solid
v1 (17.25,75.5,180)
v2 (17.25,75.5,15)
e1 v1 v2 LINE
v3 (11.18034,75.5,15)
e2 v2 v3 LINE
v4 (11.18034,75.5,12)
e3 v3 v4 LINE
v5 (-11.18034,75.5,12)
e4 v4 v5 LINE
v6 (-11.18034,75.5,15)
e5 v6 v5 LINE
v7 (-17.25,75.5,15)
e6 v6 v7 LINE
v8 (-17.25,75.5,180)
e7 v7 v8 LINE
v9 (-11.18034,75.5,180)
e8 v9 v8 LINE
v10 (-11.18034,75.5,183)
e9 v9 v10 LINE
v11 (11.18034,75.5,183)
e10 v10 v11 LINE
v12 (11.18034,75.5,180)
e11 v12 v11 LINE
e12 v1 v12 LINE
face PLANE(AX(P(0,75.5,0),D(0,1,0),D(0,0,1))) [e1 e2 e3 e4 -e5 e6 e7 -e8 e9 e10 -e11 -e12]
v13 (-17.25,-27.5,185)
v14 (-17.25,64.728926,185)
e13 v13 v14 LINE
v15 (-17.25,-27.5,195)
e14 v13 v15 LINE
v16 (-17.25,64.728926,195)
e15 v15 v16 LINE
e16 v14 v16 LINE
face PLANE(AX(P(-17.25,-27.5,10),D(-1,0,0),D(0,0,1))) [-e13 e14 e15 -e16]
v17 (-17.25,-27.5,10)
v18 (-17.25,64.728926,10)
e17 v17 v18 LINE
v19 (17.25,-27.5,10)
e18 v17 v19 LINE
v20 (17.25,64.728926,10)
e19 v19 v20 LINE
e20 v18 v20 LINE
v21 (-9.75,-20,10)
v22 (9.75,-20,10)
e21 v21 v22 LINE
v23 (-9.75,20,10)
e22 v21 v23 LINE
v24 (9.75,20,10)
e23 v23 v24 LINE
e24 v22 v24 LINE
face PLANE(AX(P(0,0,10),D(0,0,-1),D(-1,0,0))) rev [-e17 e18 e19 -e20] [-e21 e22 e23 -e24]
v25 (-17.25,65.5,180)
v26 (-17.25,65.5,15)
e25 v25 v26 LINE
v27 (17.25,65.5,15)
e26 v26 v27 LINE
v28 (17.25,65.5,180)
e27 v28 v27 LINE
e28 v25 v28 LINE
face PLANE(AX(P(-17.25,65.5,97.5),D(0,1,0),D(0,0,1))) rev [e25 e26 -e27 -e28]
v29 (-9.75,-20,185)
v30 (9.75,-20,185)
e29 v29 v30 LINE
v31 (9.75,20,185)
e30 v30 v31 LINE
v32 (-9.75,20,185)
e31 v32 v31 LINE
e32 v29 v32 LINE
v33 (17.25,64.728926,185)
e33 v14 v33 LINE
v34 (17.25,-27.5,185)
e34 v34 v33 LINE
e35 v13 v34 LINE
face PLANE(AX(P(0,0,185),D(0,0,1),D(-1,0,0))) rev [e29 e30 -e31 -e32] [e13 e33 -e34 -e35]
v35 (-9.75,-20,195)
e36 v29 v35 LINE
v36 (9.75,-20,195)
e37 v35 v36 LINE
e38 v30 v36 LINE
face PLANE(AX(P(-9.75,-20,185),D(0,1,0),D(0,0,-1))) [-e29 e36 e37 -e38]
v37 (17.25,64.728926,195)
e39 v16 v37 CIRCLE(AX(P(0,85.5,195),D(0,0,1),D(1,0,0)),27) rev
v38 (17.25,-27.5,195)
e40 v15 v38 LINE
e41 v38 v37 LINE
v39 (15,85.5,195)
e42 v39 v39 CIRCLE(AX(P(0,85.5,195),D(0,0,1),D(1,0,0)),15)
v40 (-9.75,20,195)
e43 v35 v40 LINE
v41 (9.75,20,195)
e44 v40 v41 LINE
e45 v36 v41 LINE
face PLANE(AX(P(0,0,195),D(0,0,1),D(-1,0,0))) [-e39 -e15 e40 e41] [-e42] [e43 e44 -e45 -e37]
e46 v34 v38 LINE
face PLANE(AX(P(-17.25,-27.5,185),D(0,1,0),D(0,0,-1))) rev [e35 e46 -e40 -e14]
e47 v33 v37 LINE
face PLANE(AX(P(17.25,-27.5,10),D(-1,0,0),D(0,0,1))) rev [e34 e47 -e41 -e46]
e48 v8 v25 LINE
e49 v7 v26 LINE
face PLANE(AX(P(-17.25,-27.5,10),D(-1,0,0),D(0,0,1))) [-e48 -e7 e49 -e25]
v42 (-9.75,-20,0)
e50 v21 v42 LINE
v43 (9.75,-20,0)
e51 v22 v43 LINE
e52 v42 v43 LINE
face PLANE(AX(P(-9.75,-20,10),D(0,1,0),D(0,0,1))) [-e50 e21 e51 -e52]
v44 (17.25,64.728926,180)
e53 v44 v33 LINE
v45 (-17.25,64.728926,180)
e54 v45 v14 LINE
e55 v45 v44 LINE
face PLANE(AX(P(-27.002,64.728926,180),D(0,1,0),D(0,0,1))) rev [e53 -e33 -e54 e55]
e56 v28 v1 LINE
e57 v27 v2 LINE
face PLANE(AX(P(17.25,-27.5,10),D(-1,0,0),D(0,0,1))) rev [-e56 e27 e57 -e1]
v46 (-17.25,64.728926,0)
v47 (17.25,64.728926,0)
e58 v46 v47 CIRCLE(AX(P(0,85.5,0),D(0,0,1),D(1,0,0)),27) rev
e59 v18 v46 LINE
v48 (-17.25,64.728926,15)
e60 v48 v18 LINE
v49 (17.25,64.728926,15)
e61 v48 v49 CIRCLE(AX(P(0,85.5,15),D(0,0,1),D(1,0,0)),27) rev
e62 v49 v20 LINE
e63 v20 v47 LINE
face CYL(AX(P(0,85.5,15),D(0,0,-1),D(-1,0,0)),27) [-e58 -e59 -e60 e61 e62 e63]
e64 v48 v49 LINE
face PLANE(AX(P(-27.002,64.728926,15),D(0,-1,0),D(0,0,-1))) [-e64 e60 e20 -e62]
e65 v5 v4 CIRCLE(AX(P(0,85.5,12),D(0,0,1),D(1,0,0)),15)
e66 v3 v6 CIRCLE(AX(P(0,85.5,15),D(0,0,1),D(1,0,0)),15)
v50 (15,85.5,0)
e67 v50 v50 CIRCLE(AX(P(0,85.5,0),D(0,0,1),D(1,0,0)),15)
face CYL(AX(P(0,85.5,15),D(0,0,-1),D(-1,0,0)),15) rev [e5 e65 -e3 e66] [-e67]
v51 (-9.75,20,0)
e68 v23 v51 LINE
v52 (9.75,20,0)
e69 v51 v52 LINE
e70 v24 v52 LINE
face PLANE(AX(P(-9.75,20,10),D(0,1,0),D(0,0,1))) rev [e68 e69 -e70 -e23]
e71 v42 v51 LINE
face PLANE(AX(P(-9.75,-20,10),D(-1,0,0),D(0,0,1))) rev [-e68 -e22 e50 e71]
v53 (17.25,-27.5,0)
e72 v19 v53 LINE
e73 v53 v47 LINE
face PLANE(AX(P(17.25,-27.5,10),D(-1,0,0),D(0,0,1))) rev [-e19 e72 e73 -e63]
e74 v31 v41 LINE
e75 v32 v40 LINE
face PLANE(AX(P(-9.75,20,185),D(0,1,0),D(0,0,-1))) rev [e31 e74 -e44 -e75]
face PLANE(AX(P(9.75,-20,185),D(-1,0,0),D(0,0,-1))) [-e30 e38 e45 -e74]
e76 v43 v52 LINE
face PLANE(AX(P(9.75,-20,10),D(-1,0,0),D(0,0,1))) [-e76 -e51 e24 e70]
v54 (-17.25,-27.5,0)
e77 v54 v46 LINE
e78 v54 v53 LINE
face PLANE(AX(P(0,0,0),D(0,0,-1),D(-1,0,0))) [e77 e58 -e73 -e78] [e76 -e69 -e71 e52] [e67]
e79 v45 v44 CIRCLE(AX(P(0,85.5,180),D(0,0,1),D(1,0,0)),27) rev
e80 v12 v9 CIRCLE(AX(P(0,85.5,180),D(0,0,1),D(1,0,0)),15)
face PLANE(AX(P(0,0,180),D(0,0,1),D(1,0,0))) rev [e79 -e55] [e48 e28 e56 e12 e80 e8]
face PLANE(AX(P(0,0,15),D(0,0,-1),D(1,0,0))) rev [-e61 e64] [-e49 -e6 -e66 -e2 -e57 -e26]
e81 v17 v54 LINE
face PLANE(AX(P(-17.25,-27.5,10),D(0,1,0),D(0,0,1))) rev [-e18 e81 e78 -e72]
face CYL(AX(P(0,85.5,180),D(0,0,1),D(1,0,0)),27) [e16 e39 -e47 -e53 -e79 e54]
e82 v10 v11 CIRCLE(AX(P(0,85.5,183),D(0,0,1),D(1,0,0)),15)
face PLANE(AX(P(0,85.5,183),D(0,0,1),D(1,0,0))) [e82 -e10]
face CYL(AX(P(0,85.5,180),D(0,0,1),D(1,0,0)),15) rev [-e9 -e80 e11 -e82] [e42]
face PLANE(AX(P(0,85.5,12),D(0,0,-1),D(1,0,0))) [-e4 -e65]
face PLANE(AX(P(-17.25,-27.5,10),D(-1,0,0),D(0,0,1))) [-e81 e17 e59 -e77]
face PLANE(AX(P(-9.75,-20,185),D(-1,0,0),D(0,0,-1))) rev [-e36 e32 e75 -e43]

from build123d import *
from build123d.topology import SkipClean

# Parameters (mm, degrees)
ESQUISSE1_W             = 34.5
ESQUISSE1_H             = 55
ESQUISSE1_W_2           = 19.5
ESQUISSE1_H_2           = 40
BOSS_EXTRU_1_DEPTH      = 10
ESQUISSE6_W             = 34.5
ESQUISSE6_H             = 10
BOSS_EXTRU_2_DEPTH      = 48
ESQUISSE7_W             = 34.5
ESQUISSE7_H             = 10
BOSS_EXTRU_3_DEPTH      = 87.5
BOSS_EXTRU_4_DEPTH      = 15
ESQUISSE9_R             = 15
ENL_V_MAT_EXTRU_1_DEPTH = 12
BOSS_EXTRU_5_REACH      = 231.433
BOSS_EXTRU_5_END_RADIUS = 27
ESQUISSE10_W            = 5
ESQUISSE10_H            = 0.771073636


with BuildPart() as part:
    # Esquisse1 → Boss.-Extru.1 (new body)
    with BuildSketch(Plane.XY):
        Rectangle(ESQUISSE1_W, ESQUISSE1_H)
        Rectangle(ESQUISSE1_W_2, ESQUISSE1_H_2, mode=Mode.SUBTRACT)
    boss_extru_1 = extrude(amount=BOSS_EXTRU_1_DEPTH)

    # Esquisse6 → Boss.-Extru.2 (add)
    with BuildSketch(Plane(origin=(0, 27.5, 0), x_dir=(1, 0, 0), z_dir=(0, 1, 0))):
        with Locations((0, -5)):
            Rectangle(ESQUISSE6_W, ESQUISSE6_H)
    boss_extru_2 = extrude(amount=BOSS_EXTRU_2_DEPTH)

    # Esquisse7 → Boss.-Extru.3 (add)
    with BuildSketch(Plane.XY.offset(10)):
        with Locations((0, 70.5)):
            Rectangle(ESQUISSE7_W, ESQUISSE7_H)
    boss_extru_3 = extrude(amount=BOSS_EXTRU_3_DEPTH)

    # Symétrie1: Boss.-Extru.1, Boss.-Extru.2, Boss.-Extru.3 across plane
    add(boss_extru_1.mirror(Plane(origin=(0, 0, 97.5), x_dir=(1, 0, 0), z_dir=(0, 0, -1))))
    add(boss_extru_2.mirror(Plane(origin=(0, 0, 97.5), x_dir=(1, 0, 0), z_dir=(0, 0, -1))))
    add(boss_extru_3.mirror(Plane(origin=(0, 0, 97.5), x_dir=(1, 0, 0), z_dir=(0, 0, -1))))

    # Esquisse8 → Boss.-Extru.4 (add)
    with BuildSketch(Plane.XY.offset(195)):
        with BuildLine():
            Line((11.180339887, 75.5), (17.25, 75.5))
            Line((17.25, 75.5), (17.25, 64.728926364))
            ThreePointArc((17.25, 64.728926364), (25.395068302, 94.670087563), (0, 112.5))
            Line((0, 112.5), (0, 100.5))
            ThreePointArc((0, 100.5), (10.606601718, 96.106601718), (15, 85.5))
            ThreePointArc((15, 85.5), (14.012585384, 80.147668653), (11.180339887, 75.5))
        make_face()
        with BuildLine():
            Line((0, 100.5), (0, 112.5))
            ThreePointArc((0, 112.5), (-25.395068302, 94.670087563), (-17.25, 64.728926364))
            Line((-17.25, 64.728926364), (-17.25, 75.5))
            Line((-17.25, 75.5), (-11.180339887, 75.5))
            ThreePointArc((-11.180339887, 75.5), (-13.693063938, 91.623724357), (0, 100.5))
        make_face()
    boss_extru_4 = extrude(amount=-BOSS_EXTRU_4_DEPTH)

    # Esquisse9 → Enlèv. mat.-Extru.1 (cut)
    with SkipClean():  # the faces are left unmerged after this step: merging them gives an invalid solid
        with BuildSketch(Plane.XY.offset(195)):
            with Locations((0, 85.5)):
                Circle(ESQUISSE9_R)
        enl_v_mat_extru_1 = extrude(amount=-ENL_V_MAT_EXTRU_1_DEPTH, mode=Mode.SUBTRACT)

    # Boss.-Extru.5: up to this cylinder (the profile starts inside it)
    with SkipClean():  # the faces are left unmerged after this step: merging them gives an invalid solid
        boss_extru_5_end = Plane(origin=(0, 85.5, 182.5), z_dir=(0, 0, 1)) * Cylinder(BOSS_EXTRU_5_END_RADIUS, 517.866, mode=Mode.PRIVATE)
        # Esquisse10 → Boss.-Extru.5 (add, up to the surface)
        with BuildSketch(Plane.ZY.offset(-17.25), mode=Mode.PRIVATE) as boss_extru_5_sk1:
            with Locations((182.5, 65.114463182)):
                Rectangle(ESQUISSE10_W, ESQUISSE10_H)
        boss_extru_5_tool1 = extrude(boss_extru_5_sk1.sketch, amount=BOSS_EXTRU_5_REACH, mode=Mode.PRIVATE) & boss_extru_5_end
        boss_extru_5 = boss_extru_5_tool1.solids().sort_by_distance((17.25, 65.114463, 182.5))[0]
        add(boss_extru_5)

    # Symétrie2: Boss.-Extru.4, Enlèv. mat.-Extru.1, Boss.-Extru.5 across plane
    with SkipClean():  # the faces are left unmerged after this step: merging them gives an invalid solid
        add(boss_extru_4.mirror(Plane(origin=(0, 0, 97.5), x_dir=(1, 0, 0), z_dir=(0, 0, -1))))
        add(enl_v_mat_extru_1.mirror(Plane(origin=(0, 0, 97.5), x_dir=(1, 0, 0), z_dir=(0, 0, -1))), mode=Mode.SUBTRACT)
        add(boss_extru_5.mirror(Plane(origin=(0, 0, 97.5), x_dir=(1, 0, 0), z_dir=(0, 0, -1))))


solid = part.part
